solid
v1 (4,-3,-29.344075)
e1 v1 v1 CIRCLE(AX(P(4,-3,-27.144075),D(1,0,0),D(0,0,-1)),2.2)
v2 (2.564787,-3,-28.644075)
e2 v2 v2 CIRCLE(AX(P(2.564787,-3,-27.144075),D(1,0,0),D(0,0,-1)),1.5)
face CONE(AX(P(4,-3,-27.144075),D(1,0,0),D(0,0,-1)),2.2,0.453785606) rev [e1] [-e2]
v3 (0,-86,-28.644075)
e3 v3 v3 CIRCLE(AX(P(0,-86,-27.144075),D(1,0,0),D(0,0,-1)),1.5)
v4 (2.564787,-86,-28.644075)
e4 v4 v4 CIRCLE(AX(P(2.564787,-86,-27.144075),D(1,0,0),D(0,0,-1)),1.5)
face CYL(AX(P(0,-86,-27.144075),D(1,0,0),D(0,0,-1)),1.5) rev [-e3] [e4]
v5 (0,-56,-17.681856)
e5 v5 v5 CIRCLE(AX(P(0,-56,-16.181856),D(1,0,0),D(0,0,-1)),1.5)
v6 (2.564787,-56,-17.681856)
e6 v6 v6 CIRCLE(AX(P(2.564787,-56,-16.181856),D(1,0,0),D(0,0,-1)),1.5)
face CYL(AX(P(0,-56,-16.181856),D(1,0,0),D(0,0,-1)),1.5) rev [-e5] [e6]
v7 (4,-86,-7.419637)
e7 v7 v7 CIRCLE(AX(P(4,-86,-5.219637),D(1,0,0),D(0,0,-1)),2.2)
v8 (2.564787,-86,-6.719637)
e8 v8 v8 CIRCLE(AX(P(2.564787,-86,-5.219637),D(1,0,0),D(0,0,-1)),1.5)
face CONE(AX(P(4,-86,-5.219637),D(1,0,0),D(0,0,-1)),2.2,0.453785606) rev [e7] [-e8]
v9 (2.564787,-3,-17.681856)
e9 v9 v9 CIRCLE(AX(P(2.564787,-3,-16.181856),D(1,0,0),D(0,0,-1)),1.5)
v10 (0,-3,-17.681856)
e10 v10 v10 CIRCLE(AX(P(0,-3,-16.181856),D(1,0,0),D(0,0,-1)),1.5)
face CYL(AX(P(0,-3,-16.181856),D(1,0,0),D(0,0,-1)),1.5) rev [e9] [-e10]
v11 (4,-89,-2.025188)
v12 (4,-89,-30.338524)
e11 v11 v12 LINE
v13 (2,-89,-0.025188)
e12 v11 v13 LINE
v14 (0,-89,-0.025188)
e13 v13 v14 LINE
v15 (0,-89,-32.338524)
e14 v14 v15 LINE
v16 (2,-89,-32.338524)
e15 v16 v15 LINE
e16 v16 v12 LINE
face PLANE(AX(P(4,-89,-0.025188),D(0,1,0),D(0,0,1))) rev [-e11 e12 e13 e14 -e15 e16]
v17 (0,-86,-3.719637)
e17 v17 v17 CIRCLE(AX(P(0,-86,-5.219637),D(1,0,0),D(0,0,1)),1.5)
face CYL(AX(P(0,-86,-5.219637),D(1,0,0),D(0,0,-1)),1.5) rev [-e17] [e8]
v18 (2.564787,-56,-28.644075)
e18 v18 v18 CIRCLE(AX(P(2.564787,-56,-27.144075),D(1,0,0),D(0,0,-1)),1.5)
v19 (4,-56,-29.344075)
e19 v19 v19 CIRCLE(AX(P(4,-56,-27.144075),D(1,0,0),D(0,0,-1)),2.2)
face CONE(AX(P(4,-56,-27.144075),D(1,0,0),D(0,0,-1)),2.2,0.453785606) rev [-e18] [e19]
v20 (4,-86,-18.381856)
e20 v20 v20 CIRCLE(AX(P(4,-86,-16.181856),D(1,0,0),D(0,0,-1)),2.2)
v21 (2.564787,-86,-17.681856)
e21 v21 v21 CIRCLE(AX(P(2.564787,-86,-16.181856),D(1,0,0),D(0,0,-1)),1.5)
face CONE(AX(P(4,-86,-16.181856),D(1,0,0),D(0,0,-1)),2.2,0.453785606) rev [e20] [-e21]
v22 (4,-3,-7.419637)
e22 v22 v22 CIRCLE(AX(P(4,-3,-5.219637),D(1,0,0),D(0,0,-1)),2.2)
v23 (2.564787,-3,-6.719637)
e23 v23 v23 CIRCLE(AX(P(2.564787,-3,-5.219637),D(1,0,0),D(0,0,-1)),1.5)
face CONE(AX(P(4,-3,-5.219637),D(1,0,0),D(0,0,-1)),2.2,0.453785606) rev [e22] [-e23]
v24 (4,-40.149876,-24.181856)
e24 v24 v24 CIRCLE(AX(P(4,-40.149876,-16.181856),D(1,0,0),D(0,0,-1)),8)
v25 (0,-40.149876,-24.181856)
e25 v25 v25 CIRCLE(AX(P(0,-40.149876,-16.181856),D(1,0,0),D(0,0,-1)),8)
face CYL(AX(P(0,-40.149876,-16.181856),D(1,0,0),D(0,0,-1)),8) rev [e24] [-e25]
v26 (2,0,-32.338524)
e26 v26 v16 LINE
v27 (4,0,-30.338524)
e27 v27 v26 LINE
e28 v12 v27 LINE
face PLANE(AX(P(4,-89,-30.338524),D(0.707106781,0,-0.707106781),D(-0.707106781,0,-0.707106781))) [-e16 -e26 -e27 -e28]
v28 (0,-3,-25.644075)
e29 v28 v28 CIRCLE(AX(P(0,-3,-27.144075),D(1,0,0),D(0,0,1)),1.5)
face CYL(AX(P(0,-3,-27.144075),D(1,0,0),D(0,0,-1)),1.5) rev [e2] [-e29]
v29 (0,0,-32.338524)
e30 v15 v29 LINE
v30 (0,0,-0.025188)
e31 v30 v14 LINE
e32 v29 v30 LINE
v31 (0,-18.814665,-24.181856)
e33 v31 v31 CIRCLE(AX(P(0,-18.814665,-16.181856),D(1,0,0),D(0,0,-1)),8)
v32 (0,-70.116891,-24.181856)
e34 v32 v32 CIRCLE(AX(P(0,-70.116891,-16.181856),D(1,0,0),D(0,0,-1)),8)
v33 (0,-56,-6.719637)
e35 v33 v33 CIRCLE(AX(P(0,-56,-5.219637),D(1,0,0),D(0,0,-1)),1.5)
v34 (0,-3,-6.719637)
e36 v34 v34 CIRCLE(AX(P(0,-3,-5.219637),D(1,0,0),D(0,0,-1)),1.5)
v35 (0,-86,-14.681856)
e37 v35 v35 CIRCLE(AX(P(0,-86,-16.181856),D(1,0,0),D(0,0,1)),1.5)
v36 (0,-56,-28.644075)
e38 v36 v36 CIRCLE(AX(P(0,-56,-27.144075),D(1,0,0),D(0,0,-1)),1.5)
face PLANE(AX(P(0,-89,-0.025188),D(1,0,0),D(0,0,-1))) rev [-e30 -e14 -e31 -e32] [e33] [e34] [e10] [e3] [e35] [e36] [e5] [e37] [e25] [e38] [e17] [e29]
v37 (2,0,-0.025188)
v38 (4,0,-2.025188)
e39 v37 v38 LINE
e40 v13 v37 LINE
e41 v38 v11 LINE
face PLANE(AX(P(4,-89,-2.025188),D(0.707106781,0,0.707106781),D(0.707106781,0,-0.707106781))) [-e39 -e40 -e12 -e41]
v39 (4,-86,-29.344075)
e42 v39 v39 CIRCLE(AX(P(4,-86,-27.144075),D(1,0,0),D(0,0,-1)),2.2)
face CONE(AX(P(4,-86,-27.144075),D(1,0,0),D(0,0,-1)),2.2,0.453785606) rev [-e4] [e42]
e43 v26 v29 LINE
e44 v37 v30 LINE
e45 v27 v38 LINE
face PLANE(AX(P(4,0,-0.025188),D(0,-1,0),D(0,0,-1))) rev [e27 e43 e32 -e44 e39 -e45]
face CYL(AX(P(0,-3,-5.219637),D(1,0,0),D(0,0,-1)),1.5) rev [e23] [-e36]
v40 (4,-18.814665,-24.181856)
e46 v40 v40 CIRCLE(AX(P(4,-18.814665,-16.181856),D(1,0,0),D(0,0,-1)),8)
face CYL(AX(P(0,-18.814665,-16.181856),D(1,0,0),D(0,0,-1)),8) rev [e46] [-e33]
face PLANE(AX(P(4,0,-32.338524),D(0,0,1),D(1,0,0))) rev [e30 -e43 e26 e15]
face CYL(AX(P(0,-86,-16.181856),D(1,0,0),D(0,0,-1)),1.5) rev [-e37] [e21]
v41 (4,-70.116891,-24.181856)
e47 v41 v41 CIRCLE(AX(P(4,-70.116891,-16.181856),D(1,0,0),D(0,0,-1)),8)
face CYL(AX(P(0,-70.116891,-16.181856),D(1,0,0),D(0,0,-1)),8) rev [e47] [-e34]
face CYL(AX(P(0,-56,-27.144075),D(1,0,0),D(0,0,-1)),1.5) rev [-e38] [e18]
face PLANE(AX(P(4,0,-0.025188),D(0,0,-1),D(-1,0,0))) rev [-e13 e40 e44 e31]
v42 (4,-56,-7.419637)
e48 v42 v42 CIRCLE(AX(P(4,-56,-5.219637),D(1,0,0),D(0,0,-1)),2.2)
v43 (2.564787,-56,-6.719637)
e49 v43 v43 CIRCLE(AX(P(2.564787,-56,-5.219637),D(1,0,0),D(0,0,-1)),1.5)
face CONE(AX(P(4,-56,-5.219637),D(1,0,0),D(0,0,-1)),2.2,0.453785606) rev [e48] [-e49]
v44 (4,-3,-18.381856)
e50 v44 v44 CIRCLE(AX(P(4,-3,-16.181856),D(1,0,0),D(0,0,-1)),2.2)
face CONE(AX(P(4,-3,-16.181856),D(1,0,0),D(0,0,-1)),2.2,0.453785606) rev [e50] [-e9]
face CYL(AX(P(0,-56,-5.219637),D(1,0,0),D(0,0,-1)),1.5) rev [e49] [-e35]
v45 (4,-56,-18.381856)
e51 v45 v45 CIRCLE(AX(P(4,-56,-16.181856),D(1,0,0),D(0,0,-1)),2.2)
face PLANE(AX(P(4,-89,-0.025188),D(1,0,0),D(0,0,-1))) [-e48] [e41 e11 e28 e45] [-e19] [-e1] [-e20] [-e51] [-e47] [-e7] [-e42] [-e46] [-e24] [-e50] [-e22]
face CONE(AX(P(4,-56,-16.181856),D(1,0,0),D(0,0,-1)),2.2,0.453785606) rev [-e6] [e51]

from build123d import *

# Parameters (mm, degrees)
SKETCH1_W                    = 32.31333688
SKETCH1_H                    = 89
EXTRUDE1_DEPTH               = 4
SKETCH2_R                    = 1.5
SKETCH2_R_2                  = 8
CUT_EXTRUDE1_DEPTH           = 4
CHAMFER1_SIZE                = 2
SKETCH4_R                    = 2.2
CUT_EXTRUDE2_DEPTH           = 1.5
CUT_EXTRUDE2_DRAFT           = -26
CUT_EXTRUDE2_PROFILE_2_DEPTH = 1.5
CUT_EXTRUDE2_PROFILE_2_DRAFT = -26
CUT_EXTRUDE2_PROFILE_3_DEPTH = 1.5
CUT_EXTRUDE2_PROFILE_3_DRAFT = -26
CUT_EXTRUDE2_PROFILE_4_DEPTH = 1.5
CUT_EXTRUDE2_PROFILE_4_DRAFT = -26
CUT_EXTRUDE2_PROFILE_5_DEPTH = 1.5
CUT_EXTRUDE2_PROFILE_5_DRAFT = -26
CUT_EXTRUDE2_PROFILE_6_DEPTH = 1.5
CUT_EXTRUDE2_PROFILE_6_DRAFT = -26
CUT_EXTRUDE2_PROFILE_7_DEPTH = 1.5
CUT_EXTRUDE2_PROFILE_7_DRAFT = -26
CUT_EXTRUDE2_PROFILE_8_DEPTH = 1.5
CUT_EXTRUDE2_PROFILE_8_DRAFT = -26
CUT_EXTRUDE2_PROFILE_9_DEPTH = 1.5
CUT_EXTRUDE2_PROFILE_9_DRAFT = -26


with BuildPart() as part:
    # Sketch1 → Extrude1 (new body)
    with BuildSketch(Plane(origin=(0, 0, 0), x_dir=(0, 0, -1), z_dir=(1, 0, 0))):
        with Locations((16.181856, -44.5)):
            Rectangle(SKETCH1_W, SKETCH1_H)
    extrude(amount=EXTRUDE1_DEPTH)

    # Sketch2 → Cut-Extrude1 (cut)
    with BuildSketch(Plane(origin=(4, 0, 0), x_dir=(0, 0, -1), z_dir=(1, 0, 0))):
        with Locations((5.219637339, -3)):
            Circle(SKETCH2_R)
        with Locations(Location((27.14407466, -3, 0), (0, 0, 180))):
            Circle(SKETCH2_R)
        with Locations((16.181856, -3)):
            Circle(SKETCH2_R)
        with Locations((27.14407466, -86)):
            Circle(SKETCH2_R)
        with Locations(Location((16.181856, -86, 0), (0, 0, 180))):
            Circle(SKETCH2_R)
        with Locations(Location((5.219637339, -86, 0), (0, 0, 180))):
            Circle(SKETCH2_R)
        with Locations((5.219637339, -56)):
            Circle(SKETCH2_R)
        with Locations((16.181856, -56)):
            Circle(SKETCH2_R)
        with Locations((27.14407466, -56)):
            Circle(SKETCH2_R)
        with Locations((16.181856, -18.814665041)):
            Circle(SKETCH2_R_2)
        with Locations((16.181856, -40.149876352)):
            Circle(SKETCH2_R_2)
        with Locations((16.181856, -70.116890711)):
            Circle(SKETCH2_R_2)
    extrude(amount=-CUT_EXTRUDE1_DEPTH, mode=Mode.SUBTRACT)

    # Chamfer1
    chamfer1_edges = [part.edges().sort_by_distance(p)[0] for p in [
        (4, -44.5, -32.33852444),
        (4, -44.5, -0.02518756),
    ]]
    chamfer(chamfer1_edges, length=CHAMFER1_SIZE)


with BuildPart() as cut_extrude2_tool:
    # Sketch4 → Cut-Extrude2 (with draft: the straight prism first)
    with BuildSketch(Plane(origin=(4, 0, 0), x_dir=(0, 0, -1), z_dir=(1, 0, 0))):
        with Locations((5.219637339, -3)):
            Circle(SKETCH4_R)
    extrude(amount=-CUT_EXTRUDE2_DEPTH)
    # Cut-Extrude2: the draft: its side faces are tilted about the plane it starts from
    cut_extrude2_sides = [cut_extrude2_tool.faces().sort_by_distance(p)[0] for p in [
        (3.25, -3, -3.019637339),
    ]]
    draft(cut_extrude2_sides, Plane(origin=(4, 0, 0), x_dir=(0, 0, -1), z_dir=(1, 0, 0)), CUT_EXTRUDE2_DRAFT)


with BuildPart() as part_1:
    add(part.part)

    # Cut-Extrude2: cut by cut_extrude2_tool
    add(cut_extrude2_tool.part, mode=Mode.SUBTRACT)


with BuildPart() as cut_extrude2_profile_2_tool:
    # Sketch4 → Cut-Extrude2 profile 2 (with draft: the straight prism first)
    with BuildSketch(Plane(origin=(4, 0, 0), x_dir=(0, 0, -1), z_dir=(1, 0, 0))):
        with Locations((16.181856, -3)):
            Circle(SKETCH4_R)
    extrude(amount=-CUT_EXTRUDE2_PROFILE_2_DEPTH)
    # Cut-Extrude2 profile 2: the draft: its side faces are tilted about the plane it starts from
    cut_extrude2_profile_2_sides = [cut_extrude2_profile_2_tool.faces().sort_by_distance(p)[0] for p in [
        (3.25, -3, -13.981856),
    ]]
    draft(cut_extrude2_profile_2_sides, Plane(origin=(4, 0, 0), x_dir=(0, 0, -1), z_dir=(1, 0, 0)), CUT_EXTRUDE2_PROFILE_2_DRAFT)


with BuildPart() as part_2:
    add(part_1.part)

    # Cut-Extrude2 profile 2: cut by cut_extrude2_profile_2_tool
    add(cut_extrude2_profile_2_tool.part, mode=Mode.SUBTRACT)


with BuildPart() as cut_extrude2_profile_3_tool:
    # Sketch4 → Cut-Extrude2 profile 3 (with draft: the straight prism first)
    with BuildSketch(Plane(origin=(4, 0, 0), x_dir=(0, 0, -1), z_dir=(1, 0, 0))):
        with Locations((27.14407466, -3)):
            Circle(SKETCH4_R)
    extrude(amount=-CUT_EXTRUDE2_PROFILE_3_DEPTH)
    # Cut-Extrude2 profile 3: the draft: its side faces are tilted about the plane it starts from
    cut_extrude2_profile_3_sides = [cut_extrude2_profile_3_tool.faces().sort_by_distance(p)[0] for p in [
        (3.25, -3, -24.94407466),
    ]]
    draft(cut_extrude2_profile_3_sides, Plane(origin=(4, 0, 0), x_dir=(0, 0, -1), z_dir=(1, 0, 0)), CUT_EXTRUDE2_PROFILE_3_DRAFT)


with BuildPart() as part_3:
    add(part_2.part)

    # Cut-Extrude2 profile 3: cut by cut_extrude2_profile_3_tool
    add(cut_extrude2_profile_3_tool.part, mode=Mode.SUBTRACT)


with BuildPart() as cut_extrude2_profile_4_tool:
    # Sketch4 → Cut-Extrude2 profile 4 (with draft: the straight prism first)
    with BuildSketch(Plane(origin=(4, 0, 0), x_dir=(0, 0, -1), z_dir=(1, 0, 0))):
        with Locations((5.219637339, -56)):
            Circle(SKETCH4_R)
    extrude(amount=-CUT_EXTRUDE2_PROFILE_4_DEPTH)
    # Cut-Extrude2 profile 4: the draft: its side faces are tilted about the plane it starts from
    cut_extrude2_profile_4_sides = [cut_extrude2_profile_4_tool.faces().sort_by_distance(p)[0] for p in [
        (3.25, -56, -3.019637339),
    ]]
    draft(cut_extrude2_profile_4_sides, Plane(origin=(4, 0, 0), x_dir=(0, 0, -1), z_dir=(1, 0, 0)), CUT_EXTRUDE2_PROFILE_4_DRAFT)


with BuildPart() as part_4:
    add(part_3.part)

    # Cut-Extrude2 profile 4: cut by cut_extrude2_profile_4_tool
    add(cut_extrude2_profile_4_tool.part, mode=Mode.SUBTRACT)


with BuildPart() as cut_extrude2_profile_5_tool:
    # Sketch4 → Cut-Extrude2 profile 5 (with draft: the straight prism first)
    with BuildSketch(Plane(origin=(4, 0, 0), x_dir=(0, 0, -1), z_dir=(1, 0, 0))):
        with Locations((16.181856, -56)):
            Circle(SKETCH4_R)
    extrude(amount=-CUT_EXTRUDE2_PROFILE_5_DEPTH)
    # Cut-Extrude2 profile 5: the draft: its side faces are tilted about the plane it starts from
    cut_extrude2_profile_5_sides = [cut_extrude2_profile_5_tool.faces().sort_by_distance(p)[0] for p in [
        (3.25, -56, -13.981856),
    ]]
    draft(cut_extrude2_profile_5_sides, Plane(origin=(4, 0, 0), x_dir=(0, 0, -1), z_dir=(1, 0, 0)), CUT_EXTRUDE2_PROFILE_5_DRAFT)


with BuildPart() as part_5:
    add(part_4.part)

    # Cut-Extrude2 profile 5: cut by cut_extrude2_profile_5_tool
    add(cut_extrude2_profile_5_tool.part, mode=Mode.SUBTRACT)


with BuildPart() as cut_extrude2_profile_6_tool:
    # Sketch4 → Cut-Extrude2 profile 6 (with draft: the straight prism first)
    with BuildSketch(Plane(origin=(4, 0, 0), x_dir=(0, 0, -1), z_dir=(1, 0, 0))):
        with Locations((27.14407466, -56)):
            Circle(SKETCH4_R)
    extrude(amount=-CUT_EXTRUDE2_PROFILE_6_DEPTH)
    # Cut-Extrude2 profile 6: the draft: its side faces are tilted about the plane it starts from
    cut_extrude2_profile_6_sides = [cut_extrude2_profile_6_tool.faces().sort_by_distance(p)[0] for p in [
        (3.25, -56, -24.94407466),
    ]]
    draft(cut_extrude2_profile_6_sides, Plane(origin=(4, 0, 0), x_dir=(0, 0, -1), z_dir=(1, 0, 0)), CUT_EXTRUDE2_PROFILE_6_DRAFT)


with BuildPart() as part_6:
    add(part_5.part)

    # Cut-Extrude2 profile 6: cut by cut_extrude2_profile_6_tool
    add(cut_extrude2_profile_6_tool.part, mode=Mode.SUBTRACT)


with BuildPart() as cut_extrude2_profile_7_tool:
    # Sketch4 → Cut-Extrude2 profile 7 (with draft: the straight prism first)
    with BuildSketch(Plane(origin=(4, 0, 0), x_dir=(0, 0, -1), z_dir=(1, 0, 0))):
        with Locations((5.219637339, -86)):
            Circle(SKETCH4_R)
    extrude(amount=-CUT_EXTRUDE2_PROFILE_7_DEPTH)
    # Cut-Extrude2 profile 7: the draft: its side faces are tilted about the plane it starts from
    cut_extrude2_profile_7_sides = [cut_extrude2_profile_7_tool.faces().sort_by_distance(p)[0] for p in [
        (3.25, -86, -3.019637339),
    ]]
    draft(cut_extrude2_profile_7_sides, Plane(origin=(4, 0, 0), x_dir=(0, 0, -1), z_dir=(1, 0, 0)), CUT_EXTRUDE2_PROFILE_7_DRAFT)


with BuildPart() as part_7:
    add(part_6.part)

    # Cut-Extrude2 profile 7: cut by cut_extrude2_profile_7_tool
    add(cut_extrude2_profile_7_tool.part, mode=Mode.SUBTRACT)


with BuildPart() as cut_extrude2_profile_8_tool:
    # Sketch4 → Cut-Extrude2 profile 8 (with draft: the straight prism first)
    with BuildSketch(Plane(origin=(4, 0, 0), x_dir=(0, 0, -1), z_dir=(1, 0, 0))):
        with Locations((16.181856, -86)):
            Circle(SKETCH4_R)
    extrude(amount=-CUT_EXTRUDE2_PROFILE_8_DEPTH)
    # Cut-Extrude2 profile 8: the draft: its side faces are tilted about the plane it starts from
    cut_extrude2_profile_8_sides = [cut_extrude2_profile_8_tool.faces().sort_by_distance(p)[0] for p in [
        (3.25, -86, -13.981856),
    ]]
    draft(cut_extrude2_profile_8_sides, Plane(origin=(4, 0, 0), x_dir=(0, 0, -1), z_dir=(1, 0, 0)), CUT_EXTRUDE2_PROFILE_8_DRAFT)


with BuildPart() as part_8:
    add(part_7.part)

    # Cut-Extrude2 profile 8: cut by cut_extrude2_profile_8_tool
    add(cut_extrude2_profile_8_tool.part, mode=Mode.SUBTRACT)


with BuildPart() as cut_extrude2_profile_9_tool:
    # Sketch4 → Cut-Extrude2 profile 9 (with draft: the straight prism first)
    with BuildSketch(Plane(origin=(4, 0, 0), x_dir=(0, 0, -1), z_dir=(1, 0, 0))):
        with Locations((27.14407466, -86)):
            Circle(SKETCH4_R)
    extrude(amount=-CUT_EXTRUDE2_PROFILE_9_DEPTH)
    # Cut-Extrude2 profile 9: the draft: its side faces are tilted about the plane it starts from
    cut_extrude2_profile_9_sides = [cut_extrude2_profile_9_tool.faces().sort_by_distance(p)[0] for p in [
        (3.25, -86, -24.94407466),
    ]]
    draft(cut_extrude2_profile_9_sides, Plane(origin=(4, 0, 0), x_dir=(0, 0, -1), z_dir=(1, 0, 0)), CUT_EXTRUDE2_PROFILE_9_DRAFT)


with BuildPart() as part_9:
    add(part_8.part)

    # Cut-Extrude2 profile 9: cut by cut_extrude2_profile_9_tool
    add(cut_extrude2_profile_9_tool.part, mode=Mode.SUBTRACT)


solid = part_9.part
